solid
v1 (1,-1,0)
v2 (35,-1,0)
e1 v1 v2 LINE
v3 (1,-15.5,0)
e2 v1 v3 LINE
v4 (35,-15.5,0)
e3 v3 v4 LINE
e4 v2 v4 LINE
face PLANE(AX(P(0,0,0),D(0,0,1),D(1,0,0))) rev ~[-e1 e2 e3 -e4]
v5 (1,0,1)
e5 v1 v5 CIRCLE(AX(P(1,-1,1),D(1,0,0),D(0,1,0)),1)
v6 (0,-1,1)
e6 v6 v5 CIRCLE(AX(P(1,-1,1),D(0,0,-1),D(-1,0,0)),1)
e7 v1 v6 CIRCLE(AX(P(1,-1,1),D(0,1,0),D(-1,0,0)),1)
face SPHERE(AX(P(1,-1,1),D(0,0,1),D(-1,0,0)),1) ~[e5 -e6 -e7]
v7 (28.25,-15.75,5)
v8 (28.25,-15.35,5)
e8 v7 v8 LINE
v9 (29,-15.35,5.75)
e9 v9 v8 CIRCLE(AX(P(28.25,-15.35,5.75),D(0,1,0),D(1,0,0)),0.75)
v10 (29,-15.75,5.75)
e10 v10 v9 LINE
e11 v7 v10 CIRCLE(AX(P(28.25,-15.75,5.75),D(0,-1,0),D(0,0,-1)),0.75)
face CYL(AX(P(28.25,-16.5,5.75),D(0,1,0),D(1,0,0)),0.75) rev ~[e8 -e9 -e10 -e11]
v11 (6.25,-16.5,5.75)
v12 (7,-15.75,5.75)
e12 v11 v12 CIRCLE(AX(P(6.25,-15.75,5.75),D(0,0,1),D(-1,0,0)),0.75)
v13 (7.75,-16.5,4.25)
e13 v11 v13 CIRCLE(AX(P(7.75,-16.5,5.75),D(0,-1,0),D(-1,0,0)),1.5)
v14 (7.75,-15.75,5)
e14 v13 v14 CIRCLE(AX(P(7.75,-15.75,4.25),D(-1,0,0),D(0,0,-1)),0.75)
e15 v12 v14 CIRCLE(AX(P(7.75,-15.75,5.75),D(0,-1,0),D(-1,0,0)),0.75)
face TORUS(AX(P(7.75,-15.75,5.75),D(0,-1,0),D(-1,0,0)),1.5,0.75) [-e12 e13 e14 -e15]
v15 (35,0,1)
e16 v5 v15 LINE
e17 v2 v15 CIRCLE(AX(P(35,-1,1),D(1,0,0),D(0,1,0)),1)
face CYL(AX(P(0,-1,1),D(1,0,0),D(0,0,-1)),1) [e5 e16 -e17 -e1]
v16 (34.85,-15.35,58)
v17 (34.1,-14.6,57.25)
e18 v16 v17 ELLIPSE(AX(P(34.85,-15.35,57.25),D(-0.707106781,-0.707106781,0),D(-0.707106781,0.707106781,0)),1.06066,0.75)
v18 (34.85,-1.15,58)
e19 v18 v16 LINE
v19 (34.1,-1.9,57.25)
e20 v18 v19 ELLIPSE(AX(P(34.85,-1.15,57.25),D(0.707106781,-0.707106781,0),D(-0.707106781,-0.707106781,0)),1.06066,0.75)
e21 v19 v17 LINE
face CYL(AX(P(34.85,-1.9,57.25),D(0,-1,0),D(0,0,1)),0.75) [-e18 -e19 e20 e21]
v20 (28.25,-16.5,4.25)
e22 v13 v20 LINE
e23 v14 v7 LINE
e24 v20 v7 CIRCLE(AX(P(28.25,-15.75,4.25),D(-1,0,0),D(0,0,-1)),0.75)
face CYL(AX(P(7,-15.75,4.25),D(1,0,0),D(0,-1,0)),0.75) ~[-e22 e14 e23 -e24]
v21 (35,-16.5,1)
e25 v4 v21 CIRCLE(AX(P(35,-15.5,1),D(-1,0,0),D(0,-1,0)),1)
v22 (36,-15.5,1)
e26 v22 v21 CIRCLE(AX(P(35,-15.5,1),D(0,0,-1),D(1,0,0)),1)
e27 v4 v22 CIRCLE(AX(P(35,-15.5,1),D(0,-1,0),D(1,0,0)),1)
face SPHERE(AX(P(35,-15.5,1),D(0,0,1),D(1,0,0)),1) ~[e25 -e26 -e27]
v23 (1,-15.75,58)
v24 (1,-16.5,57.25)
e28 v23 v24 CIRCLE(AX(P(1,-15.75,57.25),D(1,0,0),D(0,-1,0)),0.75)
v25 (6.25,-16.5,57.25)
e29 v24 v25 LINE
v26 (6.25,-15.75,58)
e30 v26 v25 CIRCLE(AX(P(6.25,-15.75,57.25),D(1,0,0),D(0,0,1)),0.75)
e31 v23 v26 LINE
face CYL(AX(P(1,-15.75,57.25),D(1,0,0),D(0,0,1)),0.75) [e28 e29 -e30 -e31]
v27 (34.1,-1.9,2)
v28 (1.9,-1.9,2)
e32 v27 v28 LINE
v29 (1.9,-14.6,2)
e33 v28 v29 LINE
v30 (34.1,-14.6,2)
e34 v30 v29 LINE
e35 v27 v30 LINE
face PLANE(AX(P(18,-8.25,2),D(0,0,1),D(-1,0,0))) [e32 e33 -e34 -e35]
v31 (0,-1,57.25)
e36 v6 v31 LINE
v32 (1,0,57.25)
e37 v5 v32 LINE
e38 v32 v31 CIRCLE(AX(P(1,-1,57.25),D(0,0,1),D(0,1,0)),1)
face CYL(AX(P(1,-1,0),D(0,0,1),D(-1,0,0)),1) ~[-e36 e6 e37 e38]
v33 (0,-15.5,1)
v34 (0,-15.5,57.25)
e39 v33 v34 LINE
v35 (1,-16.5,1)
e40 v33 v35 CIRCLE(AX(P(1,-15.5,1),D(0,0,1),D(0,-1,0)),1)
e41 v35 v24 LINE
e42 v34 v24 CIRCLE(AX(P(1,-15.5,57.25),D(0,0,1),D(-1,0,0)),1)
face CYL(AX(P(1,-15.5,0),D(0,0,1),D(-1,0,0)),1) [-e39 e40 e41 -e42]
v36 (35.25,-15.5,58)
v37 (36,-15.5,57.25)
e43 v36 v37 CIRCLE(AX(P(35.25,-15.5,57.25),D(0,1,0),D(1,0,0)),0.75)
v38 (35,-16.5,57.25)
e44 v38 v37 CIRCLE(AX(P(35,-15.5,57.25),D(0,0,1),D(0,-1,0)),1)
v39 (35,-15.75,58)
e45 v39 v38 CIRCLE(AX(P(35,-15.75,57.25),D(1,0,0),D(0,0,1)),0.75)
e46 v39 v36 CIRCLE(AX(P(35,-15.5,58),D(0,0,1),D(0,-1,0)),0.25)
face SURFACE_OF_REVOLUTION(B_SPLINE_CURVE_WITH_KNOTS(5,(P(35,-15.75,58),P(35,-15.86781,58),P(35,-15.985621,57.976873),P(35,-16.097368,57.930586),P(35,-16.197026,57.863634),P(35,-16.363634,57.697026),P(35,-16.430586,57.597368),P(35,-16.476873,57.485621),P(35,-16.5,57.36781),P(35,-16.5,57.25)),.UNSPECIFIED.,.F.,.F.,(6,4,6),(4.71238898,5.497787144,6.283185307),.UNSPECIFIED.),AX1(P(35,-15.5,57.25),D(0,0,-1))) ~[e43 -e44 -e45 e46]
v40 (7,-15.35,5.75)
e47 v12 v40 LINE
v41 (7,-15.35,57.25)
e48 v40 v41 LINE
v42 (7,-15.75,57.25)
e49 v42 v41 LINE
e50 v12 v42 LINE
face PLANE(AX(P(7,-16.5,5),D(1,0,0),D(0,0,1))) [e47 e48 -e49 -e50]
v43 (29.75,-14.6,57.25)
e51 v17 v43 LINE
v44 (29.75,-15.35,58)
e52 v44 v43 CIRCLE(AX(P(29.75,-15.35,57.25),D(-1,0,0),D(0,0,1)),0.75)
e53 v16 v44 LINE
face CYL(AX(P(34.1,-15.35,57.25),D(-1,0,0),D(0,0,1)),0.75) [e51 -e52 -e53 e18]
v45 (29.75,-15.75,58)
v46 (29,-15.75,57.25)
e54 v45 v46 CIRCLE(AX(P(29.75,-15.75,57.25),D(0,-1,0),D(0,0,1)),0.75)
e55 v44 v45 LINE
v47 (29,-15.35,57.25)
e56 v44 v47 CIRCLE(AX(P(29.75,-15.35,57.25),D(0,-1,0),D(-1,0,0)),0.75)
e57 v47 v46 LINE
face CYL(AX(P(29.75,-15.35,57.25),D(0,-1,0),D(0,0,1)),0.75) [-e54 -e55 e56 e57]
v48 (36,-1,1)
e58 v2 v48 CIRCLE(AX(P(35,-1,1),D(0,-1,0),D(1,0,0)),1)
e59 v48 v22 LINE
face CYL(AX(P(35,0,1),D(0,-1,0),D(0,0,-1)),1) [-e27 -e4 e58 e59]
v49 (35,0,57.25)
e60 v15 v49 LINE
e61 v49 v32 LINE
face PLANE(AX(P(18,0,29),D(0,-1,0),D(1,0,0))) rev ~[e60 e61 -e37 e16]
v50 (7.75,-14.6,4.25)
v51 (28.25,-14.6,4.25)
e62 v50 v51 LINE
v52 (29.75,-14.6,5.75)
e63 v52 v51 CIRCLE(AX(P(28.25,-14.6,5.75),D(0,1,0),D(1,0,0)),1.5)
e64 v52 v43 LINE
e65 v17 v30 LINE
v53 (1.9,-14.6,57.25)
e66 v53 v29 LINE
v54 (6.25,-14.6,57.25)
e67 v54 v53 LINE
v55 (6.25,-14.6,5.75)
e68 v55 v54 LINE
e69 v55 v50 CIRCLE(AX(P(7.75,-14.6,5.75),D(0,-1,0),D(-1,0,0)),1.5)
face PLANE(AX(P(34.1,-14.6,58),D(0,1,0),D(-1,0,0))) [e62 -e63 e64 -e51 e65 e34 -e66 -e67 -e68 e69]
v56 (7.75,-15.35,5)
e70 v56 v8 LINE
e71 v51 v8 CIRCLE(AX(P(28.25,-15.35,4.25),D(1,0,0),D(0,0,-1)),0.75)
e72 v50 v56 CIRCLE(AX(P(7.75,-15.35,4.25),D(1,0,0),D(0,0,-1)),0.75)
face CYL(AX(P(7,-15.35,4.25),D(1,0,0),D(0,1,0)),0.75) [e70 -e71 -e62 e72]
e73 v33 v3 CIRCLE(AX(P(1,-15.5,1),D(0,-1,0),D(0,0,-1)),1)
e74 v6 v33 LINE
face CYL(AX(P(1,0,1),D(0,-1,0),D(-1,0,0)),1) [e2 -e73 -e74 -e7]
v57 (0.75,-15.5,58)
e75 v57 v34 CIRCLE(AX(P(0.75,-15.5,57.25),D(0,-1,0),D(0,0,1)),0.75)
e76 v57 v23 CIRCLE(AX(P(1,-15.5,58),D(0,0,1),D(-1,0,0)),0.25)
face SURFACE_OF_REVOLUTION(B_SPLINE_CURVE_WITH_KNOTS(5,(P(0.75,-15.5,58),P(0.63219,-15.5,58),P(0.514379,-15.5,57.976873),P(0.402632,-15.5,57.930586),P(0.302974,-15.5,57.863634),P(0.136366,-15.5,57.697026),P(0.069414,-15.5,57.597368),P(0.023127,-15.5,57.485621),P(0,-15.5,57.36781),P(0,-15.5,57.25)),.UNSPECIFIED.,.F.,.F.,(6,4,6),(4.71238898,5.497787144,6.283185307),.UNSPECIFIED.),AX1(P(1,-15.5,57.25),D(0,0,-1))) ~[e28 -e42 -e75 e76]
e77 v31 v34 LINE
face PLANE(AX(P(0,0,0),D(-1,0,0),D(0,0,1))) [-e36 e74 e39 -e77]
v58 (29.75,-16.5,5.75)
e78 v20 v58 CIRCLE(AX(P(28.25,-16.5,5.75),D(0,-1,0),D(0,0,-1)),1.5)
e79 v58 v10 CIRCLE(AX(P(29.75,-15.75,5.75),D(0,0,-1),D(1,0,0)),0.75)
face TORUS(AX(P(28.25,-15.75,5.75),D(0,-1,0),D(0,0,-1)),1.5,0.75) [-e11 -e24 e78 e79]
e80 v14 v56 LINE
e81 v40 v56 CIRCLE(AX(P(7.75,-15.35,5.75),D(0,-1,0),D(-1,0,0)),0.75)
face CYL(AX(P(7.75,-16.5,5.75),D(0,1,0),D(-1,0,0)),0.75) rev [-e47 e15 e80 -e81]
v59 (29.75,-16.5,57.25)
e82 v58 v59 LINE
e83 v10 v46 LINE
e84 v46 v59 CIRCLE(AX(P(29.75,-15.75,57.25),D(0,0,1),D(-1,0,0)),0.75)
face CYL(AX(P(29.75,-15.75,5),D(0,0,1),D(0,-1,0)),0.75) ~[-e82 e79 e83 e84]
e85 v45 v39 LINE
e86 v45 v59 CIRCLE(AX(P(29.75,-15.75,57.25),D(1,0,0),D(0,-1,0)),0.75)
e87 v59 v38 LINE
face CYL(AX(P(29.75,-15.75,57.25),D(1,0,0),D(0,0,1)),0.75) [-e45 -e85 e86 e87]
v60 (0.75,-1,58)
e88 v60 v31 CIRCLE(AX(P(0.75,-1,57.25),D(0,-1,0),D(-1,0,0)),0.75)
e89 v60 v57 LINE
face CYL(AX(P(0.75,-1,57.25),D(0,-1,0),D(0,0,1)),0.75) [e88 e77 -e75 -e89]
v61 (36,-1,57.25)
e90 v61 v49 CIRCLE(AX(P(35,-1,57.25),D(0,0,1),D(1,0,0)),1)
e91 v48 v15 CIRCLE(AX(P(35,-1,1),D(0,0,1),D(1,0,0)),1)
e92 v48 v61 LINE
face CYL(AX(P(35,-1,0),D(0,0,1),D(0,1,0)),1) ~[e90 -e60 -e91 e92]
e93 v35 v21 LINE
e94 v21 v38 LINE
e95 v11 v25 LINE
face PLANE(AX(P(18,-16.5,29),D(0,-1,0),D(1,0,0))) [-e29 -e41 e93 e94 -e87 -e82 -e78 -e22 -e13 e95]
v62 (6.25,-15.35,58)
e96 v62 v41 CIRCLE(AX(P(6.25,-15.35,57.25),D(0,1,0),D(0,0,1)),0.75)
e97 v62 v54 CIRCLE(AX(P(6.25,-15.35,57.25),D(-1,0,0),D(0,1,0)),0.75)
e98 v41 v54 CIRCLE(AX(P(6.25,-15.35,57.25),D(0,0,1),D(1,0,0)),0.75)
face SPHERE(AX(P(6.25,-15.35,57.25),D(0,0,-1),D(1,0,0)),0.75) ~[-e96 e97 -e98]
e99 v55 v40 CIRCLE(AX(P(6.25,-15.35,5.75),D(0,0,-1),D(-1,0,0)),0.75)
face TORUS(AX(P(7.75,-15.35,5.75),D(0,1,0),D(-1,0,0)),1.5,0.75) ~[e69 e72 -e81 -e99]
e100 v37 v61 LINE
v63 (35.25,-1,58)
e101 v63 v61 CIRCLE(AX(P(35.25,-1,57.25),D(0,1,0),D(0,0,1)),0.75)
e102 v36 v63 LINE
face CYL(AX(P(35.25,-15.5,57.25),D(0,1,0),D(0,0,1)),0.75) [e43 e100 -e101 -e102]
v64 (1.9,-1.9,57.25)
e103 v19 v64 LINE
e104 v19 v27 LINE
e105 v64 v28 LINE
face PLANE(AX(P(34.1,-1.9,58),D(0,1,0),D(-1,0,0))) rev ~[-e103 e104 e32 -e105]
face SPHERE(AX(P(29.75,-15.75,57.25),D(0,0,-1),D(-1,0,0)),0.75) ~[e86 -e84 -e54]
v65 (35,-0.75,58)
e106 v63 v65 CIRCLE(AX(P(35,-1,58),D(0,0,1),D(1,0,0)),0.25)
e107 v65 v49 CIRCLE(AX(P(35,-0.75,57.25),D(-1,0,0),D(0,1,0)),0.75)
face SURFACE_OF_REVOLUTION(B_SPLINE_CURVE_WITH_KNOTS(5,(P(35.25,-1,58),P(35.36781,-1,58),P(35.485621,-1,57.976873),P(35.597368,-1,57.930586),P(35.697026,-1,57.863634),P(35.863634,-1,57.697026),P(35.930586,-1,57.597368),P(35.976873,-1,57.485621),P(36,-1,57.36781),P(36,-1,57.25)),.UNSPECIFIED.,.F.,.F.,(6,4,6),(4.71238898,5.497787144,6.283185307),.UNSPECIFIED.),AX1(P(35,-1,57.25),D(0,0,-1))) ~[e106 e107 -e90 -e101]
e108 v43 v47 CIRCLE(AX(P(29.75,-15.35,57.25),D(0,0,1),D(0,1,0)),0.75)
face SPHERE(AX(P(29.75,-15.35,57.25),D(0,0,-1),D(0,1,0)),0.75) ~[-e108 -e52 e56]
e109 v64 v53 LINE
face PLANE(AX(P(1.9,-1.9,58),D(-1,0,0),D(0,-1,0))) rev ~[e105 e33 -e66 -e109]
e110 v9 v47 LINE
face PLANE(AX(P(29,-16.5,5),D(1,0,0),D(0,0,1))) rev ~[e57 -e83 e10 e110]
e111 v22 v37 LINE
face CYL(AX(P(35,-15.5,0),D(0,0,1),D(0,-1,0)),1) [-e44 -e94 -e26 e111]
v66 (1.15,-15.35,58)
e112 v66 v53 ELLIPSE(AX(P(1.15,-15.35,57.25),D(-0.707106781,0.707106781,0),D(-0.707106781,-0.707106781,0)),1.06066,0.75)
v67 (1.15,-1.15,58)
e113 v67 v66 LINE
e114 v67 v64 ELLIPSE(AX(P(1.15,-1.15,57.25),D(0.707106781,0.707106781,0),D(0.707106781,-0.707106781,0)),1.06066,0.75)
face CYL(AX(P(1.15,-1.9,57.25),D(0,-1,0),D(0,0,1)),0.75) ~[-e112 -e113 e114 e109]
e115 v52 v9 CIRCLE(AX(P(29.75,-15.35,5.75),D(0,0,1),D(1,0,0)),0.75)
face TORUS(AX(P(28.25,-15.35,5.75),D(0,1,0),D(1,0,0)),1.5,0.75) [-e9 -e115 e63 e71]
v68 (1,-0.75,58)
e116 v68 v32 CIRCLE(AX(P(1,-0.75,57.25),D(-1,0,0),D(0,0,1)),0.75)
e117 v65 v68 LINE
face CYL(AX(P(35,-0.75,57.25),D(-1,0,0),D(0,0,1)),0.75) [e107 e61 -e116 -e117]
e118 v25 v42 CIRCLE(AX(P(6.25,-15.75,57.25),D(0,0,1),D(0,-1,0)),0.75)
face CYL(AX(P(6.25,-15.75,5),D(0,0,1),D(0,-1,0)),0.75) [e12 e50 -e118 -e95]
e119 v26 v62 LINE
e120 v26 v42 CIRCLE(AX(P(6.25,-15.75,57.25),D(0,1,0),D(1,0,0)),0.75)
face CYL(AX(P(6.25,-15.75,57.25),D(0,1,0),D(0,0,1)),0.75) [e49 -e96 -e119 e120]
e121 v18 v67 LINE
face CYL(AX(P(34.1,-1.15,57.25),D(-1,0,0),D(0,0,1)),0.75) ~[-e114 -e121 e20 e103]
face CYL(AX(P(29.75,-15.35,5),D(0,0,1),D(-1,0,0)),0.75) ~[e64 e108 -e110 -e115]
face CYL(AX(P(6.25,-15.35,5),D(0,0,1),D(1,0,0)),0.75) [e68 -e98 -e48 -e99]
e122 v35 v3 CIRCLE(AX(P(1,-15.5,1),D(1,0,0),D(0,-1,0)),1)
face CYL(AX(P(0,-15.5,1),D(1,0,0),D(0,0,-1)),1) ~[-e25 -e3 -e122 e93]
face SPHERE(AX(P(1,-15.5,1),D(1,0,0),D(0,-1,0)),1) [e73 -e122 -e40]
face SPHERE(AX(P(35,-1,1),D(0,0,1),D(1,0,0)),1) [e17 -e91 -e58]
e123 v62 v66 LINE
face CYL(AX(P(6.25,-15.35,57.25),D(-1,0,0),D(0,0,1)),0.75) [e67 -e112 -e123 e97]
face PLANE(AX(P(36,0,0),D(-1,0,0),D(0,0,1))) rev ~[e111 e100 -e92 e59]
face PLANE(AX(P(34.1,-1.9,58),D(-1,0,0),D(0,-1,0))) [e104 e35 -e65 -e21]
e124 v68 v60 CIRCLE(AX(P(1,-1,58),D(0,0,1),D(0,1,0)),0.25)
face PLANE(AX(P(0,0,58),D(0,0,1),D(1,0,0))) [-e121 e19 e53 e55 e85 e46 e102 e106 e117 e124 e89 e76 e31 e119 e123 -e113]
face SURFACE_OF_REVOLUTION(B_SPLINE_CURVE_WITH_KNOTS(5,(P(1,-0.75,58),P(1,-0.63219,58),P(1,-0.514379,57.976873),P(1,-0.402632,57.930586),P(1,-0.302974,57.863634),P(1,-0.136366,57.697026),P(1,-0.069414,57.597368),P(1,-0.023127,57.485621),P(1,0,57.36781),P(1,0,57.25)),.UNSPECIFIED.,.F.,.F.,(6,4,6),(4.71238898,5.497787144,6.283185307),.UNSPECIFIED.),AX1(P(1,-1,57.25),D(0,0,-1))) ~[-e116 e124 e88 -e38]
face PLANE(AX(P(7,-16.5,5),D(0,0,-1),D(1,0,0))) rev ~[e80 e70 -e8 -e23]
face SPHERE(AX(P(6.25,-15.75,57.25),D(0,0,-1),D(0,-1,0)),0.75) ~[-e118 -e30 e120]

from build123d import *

# Parameters (mm, degrees)
SKETCH_W        = 36
SKETCH_H        = 58
PAD_DEPTH       = 16.5
SKETCH001_W     = 22
SKETCH001_H     = 53
POCKET_DEPTH    = 5
SKETCH002_W     = 32.2
SKETCH002_H     = 12.7
POCKET001_DEPTH = 56
FILLET_R        = 1
FILLET001_R     = 0.75
FILLET002_R     = 0.75


with BuildPart() as part:
    # Sketch → Pad (new body)
    with BuildSketch(Plane.XZ):
        with Locations((18, 29)):
            Rectangle(SKETCH_W, SKETCH_H)
    extrude(amount=PAD_DEPTH)

    # Sketch001 (on Face6 of Pad) → Pocket (cut)
    with BuildSketch(Plane.XZ.offset(16.5)):
        with Locations((18, 31.5)):
            Rectangle(SKETCH001_W, SKETCH001_H)
    extrude(amount=-POCKET_DEPTH, mode=Mode.SUBTRACT)

    # Sketch002 (on Face6 of Pocket) → Pocket001 (cut)
    with BuildSketch(Plane(origin=(0, 0, 58), x_dir=(-1, 0, 0), z_dir=(0, 0, 1))):
        with Locations((-18, 8.25)):
            Rectangle(SKETCH002_W, SKETCH002_H)
    extrude(amount=-POCKET001_DEPTH, mode=Mode.SUBTRACT)

    # Fillet
    fillet_edges = [part.edges().sort_by_distance(p)[0] for p in [
        (36, -16.5, 29),
        (36, 0, 29),
        (36, -8.25, 0),
        (18, -16.5, 0),
        (0, -16.5, 29),
        (0, 0, 29),
        (0, -8.25, 0),
        (18, 0, 0),
    ]]
    fillet(fillet_edges, radius=FILLET_R)

    # Fillet001
    fillet001_edges = [part.edges().sort_by_distance(p)[0] for p in [
        (18, -16.5, 5),
        (7, -15.55, 5),
        (29, -16.5, 31.5),
        (29, -15.55, 5),
        (7, -14.6, 31.5),
        (7, -16.5, 31.5),
        (29, -14.6, 31.5),
        (18, -14.6, 5),
    ]]
    fillet(fillet001_edges, radius=FILLET001_R)

    # Fillet002
    fillet002_edges = [part.edges().sort_by_distance(p)[0] for p in [
        (32.375, -16.5, 58),
        (1.9, -8.25, 58),
        (0.292893, -0.292893, 58),
        (34.1, -8.25, 58),
        (35.707107, -0.292893, 58),
        (18, -1.9, 58),
        (31.925, -14.6, 58),
        (35.707107, -16.207107, 58),
        (29.21967, -14.81967, 58),
        (6.68934, -16.5, 4.68934),
        (29.21967, -16.28033, 58),
        (6.78033, -14.81967, 58),
        (18, 0, 58),
        (0, -8.25, 58),
        (3.625, -16.5, 58),
        (36, -8.25, 58),
    ]]
    fillet(fillet002_edges, radius=FILLET002_R)


solid = part.part
